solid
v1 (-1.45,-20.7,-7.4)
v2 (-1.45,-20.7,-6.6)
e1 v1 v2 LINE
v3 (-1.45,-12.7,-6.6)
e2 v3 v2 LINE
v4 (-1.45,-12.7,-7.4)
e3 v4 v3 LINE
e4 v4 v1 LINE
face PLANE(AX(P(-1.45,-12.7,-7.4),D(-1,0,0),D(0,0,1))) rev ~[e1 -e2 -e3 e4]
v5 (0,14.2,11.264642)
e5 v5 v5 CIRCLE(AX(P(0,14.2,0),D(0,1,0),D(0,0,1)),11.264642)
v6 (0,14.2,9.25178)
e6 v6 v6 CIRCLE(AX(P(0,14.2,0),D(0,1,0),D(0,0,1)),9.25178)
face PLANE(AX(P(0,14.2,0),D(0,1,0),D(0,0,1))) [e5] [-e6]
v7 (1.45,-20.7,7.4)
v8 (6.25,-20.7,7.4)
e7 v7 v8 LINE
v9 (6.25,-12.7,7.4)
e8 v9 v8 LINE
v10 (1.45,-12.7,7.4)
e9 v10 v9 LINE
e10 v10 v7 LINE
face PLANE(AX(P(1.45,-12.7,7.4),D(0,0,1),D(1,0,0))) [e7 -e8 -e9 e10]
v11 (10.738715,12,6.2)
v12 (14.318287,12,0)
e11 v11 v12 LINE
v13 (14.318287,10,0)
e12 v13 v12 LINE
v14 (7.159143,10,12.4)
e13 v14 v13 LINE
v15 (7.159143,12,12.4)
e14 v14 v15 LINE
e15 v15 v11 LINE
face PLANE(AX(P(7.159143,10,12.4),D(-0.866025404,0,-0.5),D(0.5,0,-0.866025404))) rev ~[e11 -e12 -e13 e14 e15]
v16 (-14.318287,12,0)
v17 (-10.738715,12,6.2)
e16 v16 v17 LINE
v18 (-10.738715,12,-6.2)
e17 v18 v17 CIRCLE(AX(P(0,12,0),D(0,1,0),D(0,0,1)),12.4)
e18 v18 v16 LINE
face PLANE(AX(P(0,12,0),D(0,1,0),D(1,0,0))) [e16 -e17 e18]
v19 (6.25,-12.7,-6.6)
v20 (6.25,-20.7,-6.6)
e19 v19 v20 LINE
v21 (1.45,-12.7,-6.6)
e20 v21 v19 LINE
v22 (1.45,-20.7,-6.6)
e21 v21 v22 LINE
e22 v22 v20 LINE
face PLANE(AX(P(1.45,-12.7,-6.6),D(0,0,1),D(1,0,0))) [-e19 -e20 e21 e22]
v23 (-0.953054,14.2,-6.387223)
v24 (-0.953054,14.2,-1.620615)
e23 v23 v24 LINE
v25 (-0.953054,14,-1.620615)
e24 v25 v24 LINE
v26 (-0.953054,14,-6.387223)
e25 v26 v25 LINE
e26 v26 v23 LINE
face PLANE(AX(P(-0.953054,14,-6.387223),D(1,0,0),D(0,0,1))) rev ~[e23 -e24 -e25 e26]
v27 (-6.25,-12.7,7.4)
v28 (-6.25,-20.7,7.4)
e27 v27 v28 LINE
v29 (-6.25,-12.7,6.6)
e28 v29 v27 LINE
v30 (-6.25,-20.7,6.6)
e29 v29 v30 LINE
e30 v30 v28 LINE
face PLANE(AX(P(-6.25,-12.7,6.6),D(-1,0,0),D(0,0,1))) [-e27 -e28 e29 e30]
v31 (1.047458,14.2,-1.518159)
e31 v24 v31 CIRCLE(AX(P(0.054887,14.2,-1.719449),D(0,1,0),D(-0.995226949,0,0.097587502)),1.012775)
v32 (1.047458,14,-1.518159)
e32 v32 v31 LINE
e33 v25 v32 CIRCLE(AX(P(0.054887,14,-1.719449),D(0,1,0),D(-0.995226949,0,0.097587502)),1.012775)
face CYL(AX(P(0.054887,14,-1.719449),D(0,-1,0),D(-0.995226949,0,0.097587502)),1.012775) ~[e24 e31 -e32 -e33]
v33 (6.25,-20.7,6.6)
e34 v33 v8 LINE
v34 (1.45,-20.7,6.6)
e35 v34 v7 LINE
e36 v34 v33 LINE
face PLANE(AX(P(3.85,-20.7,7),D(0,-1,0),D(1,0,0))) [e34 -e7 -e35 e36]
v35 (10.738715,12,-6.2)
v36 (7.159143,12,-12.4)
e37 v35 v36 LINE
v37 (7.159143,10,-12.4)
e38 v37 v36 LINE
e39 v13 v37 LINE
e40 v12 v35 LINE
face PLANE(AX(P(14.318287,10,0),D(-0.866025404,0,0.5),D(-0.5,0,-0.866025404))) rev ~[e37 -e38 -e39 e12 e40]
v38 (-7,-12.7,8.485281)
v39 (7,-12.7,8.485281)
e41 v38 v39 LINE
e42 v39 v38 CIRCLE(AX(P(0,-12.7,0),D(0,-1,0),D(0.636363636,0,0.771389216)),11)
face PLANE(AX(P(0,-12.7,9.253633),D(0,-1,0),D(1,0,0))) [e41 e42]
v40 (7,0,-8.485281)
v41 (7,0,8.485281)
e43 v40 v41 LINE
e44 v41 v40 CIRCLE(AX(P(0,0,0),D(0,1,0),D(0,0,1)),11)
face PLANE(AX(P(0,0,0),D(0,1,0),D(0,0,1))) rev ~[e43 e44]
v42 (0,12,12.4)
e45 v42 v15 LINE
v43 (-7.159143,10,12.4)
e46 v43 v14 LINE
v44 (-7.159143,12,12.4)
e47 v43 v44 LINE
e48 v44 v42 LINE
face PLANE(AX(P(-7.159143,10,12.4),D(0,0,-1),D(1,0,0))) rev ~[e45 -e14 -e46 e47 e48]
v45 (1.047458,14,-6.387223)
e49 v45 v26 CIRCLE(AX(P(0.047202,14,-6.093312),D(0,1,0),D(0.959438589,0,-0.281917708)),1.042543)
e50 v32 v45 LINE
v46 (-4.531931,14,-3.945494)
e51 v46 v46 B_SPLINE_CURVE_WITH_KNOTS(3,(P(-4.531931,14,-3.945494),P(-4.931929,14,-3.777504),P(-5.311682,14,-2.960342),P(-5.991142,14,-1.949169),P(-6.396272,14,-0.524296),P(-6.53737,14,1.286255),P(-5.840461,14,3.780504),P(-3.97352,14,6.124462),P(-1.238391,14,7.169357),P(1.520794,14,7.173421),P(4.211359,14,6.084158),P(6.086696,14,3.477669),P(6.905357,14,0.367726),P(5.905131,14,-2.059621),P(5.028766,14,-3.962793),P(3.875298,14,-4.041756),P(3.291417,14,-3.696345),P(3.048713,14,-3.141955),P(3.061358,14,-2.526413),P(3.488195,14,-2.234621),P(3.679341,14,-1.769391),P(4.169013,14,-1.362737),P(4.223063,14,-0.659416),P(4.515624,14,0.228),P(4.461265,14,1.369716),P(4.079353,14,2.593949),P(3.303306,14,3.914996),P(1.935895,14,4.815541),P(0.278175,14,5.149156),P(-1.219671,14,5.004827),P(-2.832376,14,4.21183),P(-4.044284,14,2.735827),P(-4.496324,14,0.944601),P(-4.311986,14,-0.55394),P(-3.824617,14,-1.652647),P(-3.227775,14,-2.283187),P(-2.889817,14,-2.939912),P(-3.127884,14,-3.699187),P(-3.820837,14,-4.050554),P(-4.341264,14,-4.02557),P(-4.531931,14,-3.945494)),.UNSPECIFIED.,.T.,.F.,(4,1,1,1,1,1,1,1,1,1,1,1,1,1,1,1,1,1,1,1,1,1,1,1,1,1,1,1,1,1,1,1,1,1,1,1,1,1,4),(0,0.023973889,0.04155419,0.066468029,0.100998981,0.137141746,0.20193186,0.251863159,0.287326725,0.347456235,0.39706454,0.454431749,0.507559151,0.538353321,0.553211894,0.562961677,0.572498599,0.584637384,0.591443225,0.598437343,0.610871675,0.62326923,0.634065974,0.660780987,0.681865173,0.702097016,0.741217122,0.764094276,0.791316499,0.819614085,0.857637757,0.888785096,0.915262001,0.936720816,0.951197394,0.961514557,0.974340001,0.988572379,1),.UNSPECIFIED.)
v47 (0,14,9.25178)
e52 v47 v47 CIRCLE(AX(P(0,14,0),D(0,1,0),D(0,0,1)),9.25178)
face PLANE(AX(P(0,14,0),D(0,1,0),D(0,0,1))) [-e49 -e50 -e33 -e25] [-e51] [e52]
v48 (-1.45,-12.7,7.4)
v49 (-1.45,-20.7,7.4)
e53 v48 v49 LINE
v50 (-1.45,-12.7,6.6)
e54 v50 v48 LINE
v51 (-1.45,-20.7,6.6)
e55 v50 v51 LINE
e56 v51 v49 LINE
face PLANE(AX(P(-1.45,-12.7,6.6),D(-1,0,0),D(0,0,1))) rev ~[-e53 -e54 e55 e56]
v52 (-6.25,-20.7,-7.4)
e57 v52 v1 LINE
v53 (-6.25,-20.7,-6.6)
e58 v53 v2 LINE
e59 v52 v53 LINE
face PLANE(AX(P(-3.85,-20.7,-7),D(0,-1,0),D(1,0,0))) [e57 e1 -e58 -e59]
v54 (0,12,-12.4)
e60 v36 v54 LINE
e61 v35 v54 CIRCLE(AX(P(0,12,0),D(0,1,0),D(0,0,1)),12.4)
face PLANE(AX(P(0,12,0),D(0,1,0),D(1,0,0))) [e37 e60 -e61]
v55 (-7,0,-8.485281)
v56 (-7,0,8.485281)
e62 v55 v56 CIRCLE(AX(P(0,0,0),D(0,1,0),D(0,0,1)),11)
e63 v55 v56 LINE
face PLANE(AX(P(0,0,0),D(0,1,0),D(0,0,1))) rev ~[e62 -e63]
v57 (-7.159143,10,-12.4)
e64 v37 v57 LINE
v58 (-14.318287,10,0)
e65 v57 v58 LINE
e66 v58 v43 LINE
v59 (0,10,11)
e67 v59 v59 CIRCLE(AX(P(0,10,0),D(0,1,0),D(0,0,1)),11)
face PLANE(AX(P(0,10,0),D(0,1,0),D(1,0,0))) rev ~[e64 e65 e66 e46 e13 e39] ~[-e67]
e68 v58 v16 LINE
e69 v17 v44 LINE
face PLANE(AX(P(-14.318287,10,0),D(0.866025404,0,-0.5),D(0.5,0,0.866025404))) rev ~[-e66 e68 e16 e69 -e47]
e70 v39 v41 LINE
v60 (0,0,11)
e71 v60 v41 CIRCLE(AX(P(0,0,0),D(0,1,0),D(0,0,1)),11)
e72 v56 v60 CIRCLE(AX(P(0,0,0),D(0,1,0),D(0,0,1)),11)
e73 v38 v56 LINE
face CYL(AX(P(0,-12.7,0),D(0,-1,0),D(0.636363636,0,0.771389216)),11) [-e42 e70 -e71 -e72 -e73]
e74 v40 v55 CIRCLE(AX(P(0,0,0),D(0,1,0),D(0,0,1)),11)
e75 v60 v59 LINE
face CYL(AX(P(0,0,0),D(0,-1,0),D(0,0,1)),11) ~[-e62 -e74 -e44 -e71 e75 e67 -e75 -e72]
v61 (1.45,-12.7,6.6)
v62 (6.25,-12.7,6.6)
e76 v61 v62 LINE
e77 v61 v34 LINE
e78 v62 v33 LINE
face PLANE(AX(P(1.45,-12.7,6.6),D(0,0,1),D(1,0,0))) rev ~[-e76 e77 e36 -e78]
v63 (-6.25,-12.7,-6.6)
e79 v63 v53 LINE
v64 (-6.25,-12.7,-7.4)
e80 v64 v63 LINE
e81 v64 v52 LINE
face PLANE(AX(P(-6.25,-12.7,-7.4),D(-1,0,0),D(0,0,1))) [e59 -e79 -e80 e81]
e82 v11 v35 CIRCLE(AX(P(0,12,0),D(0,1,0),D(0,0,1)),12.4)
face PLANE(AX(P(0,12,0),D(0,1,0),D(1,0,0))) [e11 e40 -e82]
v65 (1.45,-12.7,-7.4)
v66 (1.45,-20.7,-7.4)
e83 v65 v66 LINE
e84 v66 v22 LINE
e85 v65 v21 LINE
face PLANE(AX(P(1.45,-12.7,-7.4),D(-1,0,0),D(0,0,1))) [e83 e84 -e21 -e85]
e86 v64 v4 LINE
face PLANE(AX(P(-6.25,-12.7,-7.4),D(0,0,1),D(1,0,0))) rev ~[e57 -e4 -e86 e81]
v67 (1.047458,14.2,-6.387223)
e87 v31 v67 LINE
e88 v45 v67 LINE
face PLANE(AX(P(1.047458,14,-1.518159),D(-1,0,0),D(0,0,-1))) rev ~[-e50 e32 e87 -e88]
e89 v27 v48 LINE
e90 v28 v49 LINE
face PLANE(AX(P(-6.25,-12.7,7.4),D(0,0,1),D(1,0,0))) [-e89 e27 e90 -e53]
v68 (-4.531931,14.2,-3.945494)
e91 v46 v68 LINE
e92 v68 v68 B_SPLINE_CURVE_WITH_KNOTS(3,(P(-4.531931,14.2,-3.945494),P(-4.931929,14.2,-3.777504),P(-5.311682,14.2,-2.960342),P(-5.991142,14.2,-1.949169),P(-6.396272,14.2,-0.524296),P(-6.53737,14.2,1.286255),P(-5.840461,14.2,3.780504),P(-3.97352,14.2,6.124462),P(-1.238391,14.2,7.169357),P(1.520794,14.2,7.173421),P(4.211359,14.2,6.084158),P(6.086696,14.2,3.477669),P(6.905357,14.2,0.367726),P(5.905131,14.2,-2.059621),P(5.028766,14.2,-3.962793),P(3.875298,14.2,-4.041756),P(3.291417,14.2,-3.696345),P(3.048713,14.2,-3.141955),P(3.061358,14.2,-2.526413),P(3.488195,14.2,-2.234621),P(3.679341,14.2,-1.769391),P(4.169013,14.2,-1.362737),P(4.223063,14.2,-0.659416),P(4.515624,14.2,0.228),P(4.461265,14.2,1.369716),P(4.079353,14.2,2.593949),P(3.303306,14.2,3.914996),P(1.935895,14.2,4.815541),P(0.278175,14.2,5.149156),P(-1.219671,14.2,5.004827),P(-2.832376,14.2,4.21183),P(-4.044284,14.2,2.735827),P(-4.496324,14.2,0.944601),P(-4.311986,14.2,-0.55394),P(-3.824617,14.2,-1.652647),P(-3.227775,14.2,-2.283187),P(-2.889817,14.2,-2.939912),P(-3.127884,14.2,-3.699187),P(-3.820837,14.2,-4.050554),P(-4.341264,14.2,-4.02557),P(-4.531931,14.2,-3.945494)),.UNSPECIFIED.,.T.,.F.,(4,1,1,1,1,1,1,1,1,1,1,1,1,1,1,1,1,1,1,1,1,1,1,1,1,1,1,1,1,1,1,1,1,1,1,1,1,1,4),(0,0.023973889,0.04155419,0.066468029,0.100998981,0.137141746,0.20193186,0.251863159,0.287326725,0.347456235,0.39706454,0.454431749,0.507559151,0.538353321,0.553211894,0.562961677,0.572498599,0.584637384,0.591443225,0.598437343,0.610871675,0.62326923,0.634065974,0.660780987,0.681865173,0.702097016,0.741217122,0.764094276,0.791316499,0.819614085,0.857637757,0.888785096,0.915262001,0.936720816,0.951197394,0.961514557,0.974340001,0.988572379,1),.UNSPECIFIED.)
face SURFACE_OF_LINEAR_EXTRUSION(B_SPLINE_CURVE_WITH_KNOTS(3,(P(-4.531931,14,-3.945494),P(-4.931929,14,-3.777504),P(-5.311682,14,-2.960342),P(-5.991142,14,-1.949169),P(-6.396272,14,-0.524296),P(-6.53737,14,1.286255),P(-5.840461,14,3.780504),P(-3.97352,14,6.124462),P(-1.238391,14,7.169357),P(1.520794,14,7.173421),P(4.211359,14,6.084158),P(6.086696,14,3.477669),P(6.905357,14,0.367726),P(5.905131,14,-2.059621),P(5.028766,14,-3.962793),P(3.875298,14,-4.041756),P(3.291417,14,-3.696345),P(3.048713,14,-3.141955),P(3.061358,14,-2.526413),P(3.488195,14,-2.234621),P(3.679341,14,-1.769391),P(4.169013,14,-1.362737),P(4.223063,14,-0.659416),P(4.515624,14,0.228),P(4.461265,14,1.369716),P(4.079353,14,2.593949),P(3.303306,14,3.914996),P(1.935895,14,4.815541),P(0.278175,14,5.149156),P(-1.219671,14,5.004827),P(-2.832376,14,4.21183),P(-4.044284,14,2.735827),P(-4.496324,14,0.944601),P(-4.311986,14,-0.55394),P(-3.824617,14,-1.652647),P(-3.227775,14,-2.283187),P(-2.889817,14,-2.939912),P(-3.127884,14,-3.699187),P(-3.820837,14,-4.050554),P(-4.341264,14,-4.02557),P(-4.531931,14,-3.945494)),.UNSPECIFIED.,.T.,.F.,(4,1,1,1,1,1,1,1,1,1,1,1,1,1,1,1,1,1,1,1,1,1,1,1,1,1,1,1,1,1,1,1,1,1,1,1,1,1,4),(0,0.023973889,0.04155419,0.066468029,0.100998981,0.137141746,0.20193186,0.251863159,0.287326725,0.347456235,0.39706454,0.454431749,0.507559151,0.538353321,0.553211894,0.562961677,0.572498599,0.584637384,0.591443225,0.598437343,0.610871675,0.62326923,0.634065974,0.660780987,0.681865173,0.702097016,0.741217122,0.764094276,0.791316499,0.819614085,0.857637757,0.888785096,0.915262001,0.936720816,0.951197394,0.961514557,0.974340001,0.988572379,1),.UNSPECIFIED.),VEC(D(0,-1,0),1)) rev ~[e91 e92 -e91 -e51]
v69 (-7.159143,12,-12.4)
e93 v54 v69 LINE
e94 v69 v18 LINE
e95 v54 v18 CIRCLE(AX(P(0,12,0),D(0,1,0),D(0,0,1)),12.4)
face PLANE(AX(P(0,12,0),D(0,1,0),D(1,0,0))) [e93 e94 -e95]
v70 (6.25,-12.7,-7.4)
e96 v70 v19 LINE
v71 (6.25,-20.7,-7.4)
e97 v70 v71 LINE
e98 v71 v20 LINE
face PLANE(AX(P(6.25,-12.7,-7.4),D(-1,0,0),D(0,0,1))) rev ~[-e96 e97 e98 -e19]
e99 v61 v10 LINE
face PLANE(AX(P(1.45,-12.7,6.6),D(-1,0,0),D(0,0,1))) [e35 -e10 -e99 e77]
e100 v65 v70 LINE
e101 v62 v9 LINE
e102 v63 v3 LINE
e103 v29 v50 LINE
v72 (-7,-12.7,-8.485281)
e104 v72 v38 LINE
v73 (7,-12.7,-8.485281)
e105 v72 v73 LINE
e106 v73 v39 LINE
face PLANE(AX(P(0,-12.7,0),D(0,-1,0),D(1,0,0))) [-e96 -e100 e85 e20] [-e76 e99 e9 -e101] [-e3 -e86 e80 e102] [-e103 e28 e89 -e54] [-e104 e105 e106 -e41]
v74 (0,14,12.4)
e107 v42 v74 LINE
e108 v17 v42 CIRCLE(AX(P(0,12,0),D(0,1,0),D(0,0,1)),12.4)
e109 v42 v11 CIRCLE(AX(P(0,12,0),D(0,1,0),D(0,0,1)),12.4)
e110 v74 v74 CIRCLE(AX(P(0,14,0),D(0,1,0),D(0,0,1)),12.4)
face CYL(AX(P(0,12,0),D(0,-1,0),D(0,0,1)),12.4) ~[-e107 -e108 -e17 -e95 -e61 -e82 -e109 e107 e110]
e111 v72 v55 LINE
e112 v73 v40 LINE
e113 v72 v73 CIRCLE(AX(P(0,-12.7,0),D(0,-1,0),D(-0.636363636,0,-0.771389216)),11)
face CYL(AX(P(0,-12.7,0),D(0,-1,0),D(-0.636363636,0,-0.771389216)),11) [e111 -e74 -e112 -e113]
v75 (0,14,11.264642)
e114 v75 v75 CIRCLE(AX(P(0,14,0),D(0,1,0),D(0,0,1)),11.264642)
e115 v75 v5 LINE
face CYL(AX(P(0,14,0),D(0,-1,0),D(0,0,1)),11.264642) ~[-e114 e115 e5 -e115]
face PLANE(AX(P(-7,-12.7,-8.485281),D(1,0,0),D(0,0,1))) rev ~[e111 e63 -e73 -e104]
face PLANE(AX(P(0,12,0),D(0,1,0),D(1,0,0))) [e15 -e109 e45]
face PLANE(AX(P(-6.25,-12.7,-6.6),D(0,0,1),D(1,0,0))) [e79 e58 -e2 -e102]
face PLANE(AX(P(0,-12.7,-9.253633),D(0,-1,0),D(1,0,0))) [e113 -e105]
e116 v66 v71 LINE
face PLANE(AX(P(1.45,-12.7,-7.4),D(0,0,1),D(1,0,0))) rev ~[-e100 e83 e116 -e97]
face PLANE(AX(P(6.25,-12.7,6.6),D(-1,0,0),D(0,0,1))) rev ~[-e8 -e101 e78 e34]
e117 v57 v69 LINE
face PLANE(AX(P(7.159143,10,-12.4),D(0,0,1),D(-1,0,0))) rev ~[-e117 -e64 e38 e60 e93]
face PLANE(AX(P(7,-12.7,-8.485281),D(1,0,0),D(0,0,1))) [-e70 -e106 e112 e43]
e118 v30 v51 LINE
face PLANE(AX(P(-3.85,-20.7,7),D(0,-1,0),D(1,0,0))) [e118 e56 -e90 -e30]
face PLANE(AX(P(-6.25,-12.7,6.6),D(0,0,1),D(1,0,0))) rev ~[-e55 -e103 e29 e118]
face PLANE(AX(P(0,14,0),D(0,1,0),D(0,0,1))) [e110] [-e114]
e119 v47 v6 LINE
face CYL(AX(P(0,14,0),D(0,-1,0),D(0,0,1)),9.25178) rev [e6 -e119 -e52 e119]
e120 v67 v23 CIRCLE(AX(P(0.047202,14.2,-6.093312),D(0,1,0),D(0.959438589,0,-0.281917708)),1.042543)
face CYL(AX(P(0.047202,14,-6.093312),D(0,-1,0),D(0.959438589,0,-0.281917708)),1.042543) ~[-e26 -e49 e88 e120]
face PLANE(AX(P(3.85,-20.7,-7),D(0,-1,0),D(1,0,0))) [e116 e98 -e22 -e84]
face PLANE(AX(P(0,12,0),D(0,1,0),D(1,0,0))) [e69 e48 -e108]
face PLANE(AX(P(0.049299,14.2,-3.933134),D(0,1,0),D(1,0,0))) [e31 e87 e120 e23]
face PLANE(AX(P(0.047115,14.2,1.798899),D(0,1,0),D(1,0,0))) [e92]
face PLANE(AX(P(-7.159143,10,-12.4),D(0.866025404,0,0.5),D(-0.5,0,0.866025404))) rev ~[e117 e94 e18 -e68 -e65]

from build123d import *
from build123d.topology import SkipClean

# Parameters (mm, degrees)
SKETCH_1_R      = 11
EXTRUDE_1_DEPTH = 10
EXTRUDE_2_DEPTH = 2
SKETCH_3_R      = 12.4
EXTRUDE_3_DEPTH = 2
SKETCH_5_R      = 11.264641855
SKETCH_5_R_2    = 9.25178024
EXTRUDE_4_DEPTH = 0.2
EXTRUDE_START   = 12.7
SKETCH_6_W      = 14
SKETCH_6_H      = 16.970562748
EXTRUDE_5_DEPTH = 12.7
SKETCH_7_W      = 4.8
SKETCH_7_H      = 0.8
EXTRUDE_6_DEPTH = 8


with BuildPart() as part:
    # 草图1 → 凸台-拉伸1 (new body)
    with BuildSketch(Plane(origin=(0, 0, 0), x_dir=(1, 0, 0), z_dir=(0, 1, 0))):
        with Locations(Location((0, 0, 0), (0, 0, 270))):
            Circle(SKETCH_1_R)
    extrude(amount=EXTRUDE_1_DEPTH)

    # 草图2 → 凸台-拉伸2 (add)
    with BuildSketch(Plane(origin=(0, 10, 0), x_dir=(1, 0, 0), z_dir=(0, 1, 0))):
        Polygon((7.159143338, -12.4), (14.318286676, 0), (7.159143338, 12.4), (-7.159143338, 12.4), (-14.318286676, 0), (-7.159143338, -12.4), align=None)
    extrude(amount=EXTRUDE_2_DEPTH)

    # 草图3 → 凸台-拉伸3 (add)
    with BuildSketch(Plane(origin=(0, 12, 0), x_dir=(1, 0, 0), z_dir=(0, 1, 0))):
        with Locations(Location((0, 0, 0), (0, 0, 270))):
            Circle(SKETCH_3_R)
    extrude(amount=EXTRUDE_3_DEPTH)

    # 草图5 → 凸台-拉伸4 (add)
    # profile 1 of 3: a face of its own
    with BuildSketch(Plane(origin=(0, 14, 0), x_dir=(1, 0, 0), z_dir=(0, 1, 0))):
        with Locations(Location((0, 0, 0), (0, 0, 270))):
            Circle(SKETCH_5_R)
        with Locations(Location((0, 0, 0), (0, 0, 270))):
            Circle(SKETCH_5_R_2, mode=Mode.SUBTRACT)
    # profile 2 of 3: a face of its own
    with BuildSketch(Plane(origin=(0, 14, 0), x_dir=(1, 0, 0), z_dir=(0, 1, 0))):
        with BuildLine():
            add(Edge.make_bspline(
                [(-4.531930976, 3.945494062), (-4.931928742, 3.77750387), (-5.311682001, 2.960342277), (-5.991141543, 1.949169031), (-6.396271783, 0.524296362), (-6.537370068, -1.286255496), (-5.840461103, -3.78050422), (-3.973519682, -6.124461985), (-1.238390819, -7.169357291), (1.520794025, -7.173420809), (4.211359131, -6.084158365), (6.086695891, -3.477668911), (6.905357115, -0.367726074), (5.905130942, 2.059620867), (5.028765713, 3.962793153), (3.875298238, 4.041756072), (3.29141668, 3.696344725), (3.048713235, 3.141954909), (3.061357601, 2.526413251), (3.488195445, 2.234620856), (3.679341437, 1.769390855), (4.169012756, 1.362737183), (4.223062658, 0.659416394), (4.515624189, -0.227999974), (4.461264715, -1.369716105), (4.079353431, -2.593948769), (3.30330561, -3.914996189), (1.935894526, -4.815540791), (0.278175009, -5.149155893), (-1.219670545, -5.004826573), (-2.832376043, -4.211829708), (-4.044284214, -2.735827002), (-4.496323869, -0.944601433), (-4.311986077, 0.553939945), (-3.824616639, 1.652646984), (-3.227775265, 2.283187209), (-2.88981713, 2.939912012), (-3.127884309, 3.699186823), (-3.820836776, 4.050553792), (-4.341264245, 4.025569861), (-4.531930976, 3.945494062)],
                knots=[0, 0, 0, 0, 0.023973889, 0.04155419, 0.066468029, 0.100998981, 0.137141746, 0.20193186, 0.251863159, 0.287326725, 0.347456235, 0.39706454, 0.454431749, 0.507559151, 0.538353321, 0.553211894, 0.562961677, 0.572498599, 0.584637384, 0.591443225, 0.598437343, 0.610871675, 0.62326923, 0.634065974, 0.660780987, 0.681865173, 0.702097016, 0.741217122, 0.764094276, 0.791316499, 0.819614085, 0.857637757, 0.888785096, 0.915262001, 0.936720816, 0.951197394, 0.961514557, 0.974340001, 0.988572379, 1, 1, 1, 1], degree=3))
        make_face()
    # profile 3 of 3: a face of its own
    with BuildSketch(Plane(origin=(0, 14, 0), x_dir=(1, 0, 0), z_dir=(0, 1, 0))):
        with BuildLine():
            Line((-0.953053843, 6.387223198), (-0.953053843, 1.620615101))
            ThreePointArc((-0.953053843, 1.620615101), (0.003085924, 0.707999599), (1.047457876, 1.518158555))
            Line((1.047457876, 1.518158555), (1.047457876, 6.387223198))
            ThreePointArc((1.047457876, 6.387223198), (0.047202017, 7.135854771), (-0.953053843, 6.387223198))
        make_face()
    extrude(amount=EXTRUDE_4_DEPTH)

    # 草图6 → 凸台-拉伸5 (add)
    with SkipClean():  # the faces are left unmerged after this step: merging them gives an invalid solid
        with BuildSketch(Plane.XZ.offset(EXTRUDE_START)):
            Rectangle(SKETCH_6_W, SKETCH_6_H)
            with BuildLine():
                Line((-7, 8.485281374), (7, 8.485281374))
                ThreePointArc((7, 8.485281374), (0, 11), (-7, 8.485281374))
            make_face()
            with BuildLine():
                ThreePointArc((-7, -8.485281374), (0, -11), (7, -8.485281374))
                Line((7, -8.485281374), (-7, -8.485281374))
            make_face()
        extrude(amount=-EXTRUDE_5_DEPTH)

    # 草图7 → 凸台-拉伸6 (add)
    with SkipClean():  # the faces are left unmerged after this step: merging them gives an invalid solid
        with BuildSketch(Plane.XZ.offset(12.7)):
            with Locations((3.85, 7)):
                Rectangle(SKETCH_7_W, SKETCH_7_H)
            with Locations((-3.85, 7)):
                Rectangle(SKETCH_7_W, SKETCH_7_H)
            with Locations((3.85, -7)):
                Rectangle(SKETCH_7_W, SKETCH_7_H)
            with Locations((-3.85, -7)):
                Rectangle(SKETCH_7_W, SKETCH_7_H)
        extrude(amount=EXTRUDE_6_DEPTH)


solid = part.part
